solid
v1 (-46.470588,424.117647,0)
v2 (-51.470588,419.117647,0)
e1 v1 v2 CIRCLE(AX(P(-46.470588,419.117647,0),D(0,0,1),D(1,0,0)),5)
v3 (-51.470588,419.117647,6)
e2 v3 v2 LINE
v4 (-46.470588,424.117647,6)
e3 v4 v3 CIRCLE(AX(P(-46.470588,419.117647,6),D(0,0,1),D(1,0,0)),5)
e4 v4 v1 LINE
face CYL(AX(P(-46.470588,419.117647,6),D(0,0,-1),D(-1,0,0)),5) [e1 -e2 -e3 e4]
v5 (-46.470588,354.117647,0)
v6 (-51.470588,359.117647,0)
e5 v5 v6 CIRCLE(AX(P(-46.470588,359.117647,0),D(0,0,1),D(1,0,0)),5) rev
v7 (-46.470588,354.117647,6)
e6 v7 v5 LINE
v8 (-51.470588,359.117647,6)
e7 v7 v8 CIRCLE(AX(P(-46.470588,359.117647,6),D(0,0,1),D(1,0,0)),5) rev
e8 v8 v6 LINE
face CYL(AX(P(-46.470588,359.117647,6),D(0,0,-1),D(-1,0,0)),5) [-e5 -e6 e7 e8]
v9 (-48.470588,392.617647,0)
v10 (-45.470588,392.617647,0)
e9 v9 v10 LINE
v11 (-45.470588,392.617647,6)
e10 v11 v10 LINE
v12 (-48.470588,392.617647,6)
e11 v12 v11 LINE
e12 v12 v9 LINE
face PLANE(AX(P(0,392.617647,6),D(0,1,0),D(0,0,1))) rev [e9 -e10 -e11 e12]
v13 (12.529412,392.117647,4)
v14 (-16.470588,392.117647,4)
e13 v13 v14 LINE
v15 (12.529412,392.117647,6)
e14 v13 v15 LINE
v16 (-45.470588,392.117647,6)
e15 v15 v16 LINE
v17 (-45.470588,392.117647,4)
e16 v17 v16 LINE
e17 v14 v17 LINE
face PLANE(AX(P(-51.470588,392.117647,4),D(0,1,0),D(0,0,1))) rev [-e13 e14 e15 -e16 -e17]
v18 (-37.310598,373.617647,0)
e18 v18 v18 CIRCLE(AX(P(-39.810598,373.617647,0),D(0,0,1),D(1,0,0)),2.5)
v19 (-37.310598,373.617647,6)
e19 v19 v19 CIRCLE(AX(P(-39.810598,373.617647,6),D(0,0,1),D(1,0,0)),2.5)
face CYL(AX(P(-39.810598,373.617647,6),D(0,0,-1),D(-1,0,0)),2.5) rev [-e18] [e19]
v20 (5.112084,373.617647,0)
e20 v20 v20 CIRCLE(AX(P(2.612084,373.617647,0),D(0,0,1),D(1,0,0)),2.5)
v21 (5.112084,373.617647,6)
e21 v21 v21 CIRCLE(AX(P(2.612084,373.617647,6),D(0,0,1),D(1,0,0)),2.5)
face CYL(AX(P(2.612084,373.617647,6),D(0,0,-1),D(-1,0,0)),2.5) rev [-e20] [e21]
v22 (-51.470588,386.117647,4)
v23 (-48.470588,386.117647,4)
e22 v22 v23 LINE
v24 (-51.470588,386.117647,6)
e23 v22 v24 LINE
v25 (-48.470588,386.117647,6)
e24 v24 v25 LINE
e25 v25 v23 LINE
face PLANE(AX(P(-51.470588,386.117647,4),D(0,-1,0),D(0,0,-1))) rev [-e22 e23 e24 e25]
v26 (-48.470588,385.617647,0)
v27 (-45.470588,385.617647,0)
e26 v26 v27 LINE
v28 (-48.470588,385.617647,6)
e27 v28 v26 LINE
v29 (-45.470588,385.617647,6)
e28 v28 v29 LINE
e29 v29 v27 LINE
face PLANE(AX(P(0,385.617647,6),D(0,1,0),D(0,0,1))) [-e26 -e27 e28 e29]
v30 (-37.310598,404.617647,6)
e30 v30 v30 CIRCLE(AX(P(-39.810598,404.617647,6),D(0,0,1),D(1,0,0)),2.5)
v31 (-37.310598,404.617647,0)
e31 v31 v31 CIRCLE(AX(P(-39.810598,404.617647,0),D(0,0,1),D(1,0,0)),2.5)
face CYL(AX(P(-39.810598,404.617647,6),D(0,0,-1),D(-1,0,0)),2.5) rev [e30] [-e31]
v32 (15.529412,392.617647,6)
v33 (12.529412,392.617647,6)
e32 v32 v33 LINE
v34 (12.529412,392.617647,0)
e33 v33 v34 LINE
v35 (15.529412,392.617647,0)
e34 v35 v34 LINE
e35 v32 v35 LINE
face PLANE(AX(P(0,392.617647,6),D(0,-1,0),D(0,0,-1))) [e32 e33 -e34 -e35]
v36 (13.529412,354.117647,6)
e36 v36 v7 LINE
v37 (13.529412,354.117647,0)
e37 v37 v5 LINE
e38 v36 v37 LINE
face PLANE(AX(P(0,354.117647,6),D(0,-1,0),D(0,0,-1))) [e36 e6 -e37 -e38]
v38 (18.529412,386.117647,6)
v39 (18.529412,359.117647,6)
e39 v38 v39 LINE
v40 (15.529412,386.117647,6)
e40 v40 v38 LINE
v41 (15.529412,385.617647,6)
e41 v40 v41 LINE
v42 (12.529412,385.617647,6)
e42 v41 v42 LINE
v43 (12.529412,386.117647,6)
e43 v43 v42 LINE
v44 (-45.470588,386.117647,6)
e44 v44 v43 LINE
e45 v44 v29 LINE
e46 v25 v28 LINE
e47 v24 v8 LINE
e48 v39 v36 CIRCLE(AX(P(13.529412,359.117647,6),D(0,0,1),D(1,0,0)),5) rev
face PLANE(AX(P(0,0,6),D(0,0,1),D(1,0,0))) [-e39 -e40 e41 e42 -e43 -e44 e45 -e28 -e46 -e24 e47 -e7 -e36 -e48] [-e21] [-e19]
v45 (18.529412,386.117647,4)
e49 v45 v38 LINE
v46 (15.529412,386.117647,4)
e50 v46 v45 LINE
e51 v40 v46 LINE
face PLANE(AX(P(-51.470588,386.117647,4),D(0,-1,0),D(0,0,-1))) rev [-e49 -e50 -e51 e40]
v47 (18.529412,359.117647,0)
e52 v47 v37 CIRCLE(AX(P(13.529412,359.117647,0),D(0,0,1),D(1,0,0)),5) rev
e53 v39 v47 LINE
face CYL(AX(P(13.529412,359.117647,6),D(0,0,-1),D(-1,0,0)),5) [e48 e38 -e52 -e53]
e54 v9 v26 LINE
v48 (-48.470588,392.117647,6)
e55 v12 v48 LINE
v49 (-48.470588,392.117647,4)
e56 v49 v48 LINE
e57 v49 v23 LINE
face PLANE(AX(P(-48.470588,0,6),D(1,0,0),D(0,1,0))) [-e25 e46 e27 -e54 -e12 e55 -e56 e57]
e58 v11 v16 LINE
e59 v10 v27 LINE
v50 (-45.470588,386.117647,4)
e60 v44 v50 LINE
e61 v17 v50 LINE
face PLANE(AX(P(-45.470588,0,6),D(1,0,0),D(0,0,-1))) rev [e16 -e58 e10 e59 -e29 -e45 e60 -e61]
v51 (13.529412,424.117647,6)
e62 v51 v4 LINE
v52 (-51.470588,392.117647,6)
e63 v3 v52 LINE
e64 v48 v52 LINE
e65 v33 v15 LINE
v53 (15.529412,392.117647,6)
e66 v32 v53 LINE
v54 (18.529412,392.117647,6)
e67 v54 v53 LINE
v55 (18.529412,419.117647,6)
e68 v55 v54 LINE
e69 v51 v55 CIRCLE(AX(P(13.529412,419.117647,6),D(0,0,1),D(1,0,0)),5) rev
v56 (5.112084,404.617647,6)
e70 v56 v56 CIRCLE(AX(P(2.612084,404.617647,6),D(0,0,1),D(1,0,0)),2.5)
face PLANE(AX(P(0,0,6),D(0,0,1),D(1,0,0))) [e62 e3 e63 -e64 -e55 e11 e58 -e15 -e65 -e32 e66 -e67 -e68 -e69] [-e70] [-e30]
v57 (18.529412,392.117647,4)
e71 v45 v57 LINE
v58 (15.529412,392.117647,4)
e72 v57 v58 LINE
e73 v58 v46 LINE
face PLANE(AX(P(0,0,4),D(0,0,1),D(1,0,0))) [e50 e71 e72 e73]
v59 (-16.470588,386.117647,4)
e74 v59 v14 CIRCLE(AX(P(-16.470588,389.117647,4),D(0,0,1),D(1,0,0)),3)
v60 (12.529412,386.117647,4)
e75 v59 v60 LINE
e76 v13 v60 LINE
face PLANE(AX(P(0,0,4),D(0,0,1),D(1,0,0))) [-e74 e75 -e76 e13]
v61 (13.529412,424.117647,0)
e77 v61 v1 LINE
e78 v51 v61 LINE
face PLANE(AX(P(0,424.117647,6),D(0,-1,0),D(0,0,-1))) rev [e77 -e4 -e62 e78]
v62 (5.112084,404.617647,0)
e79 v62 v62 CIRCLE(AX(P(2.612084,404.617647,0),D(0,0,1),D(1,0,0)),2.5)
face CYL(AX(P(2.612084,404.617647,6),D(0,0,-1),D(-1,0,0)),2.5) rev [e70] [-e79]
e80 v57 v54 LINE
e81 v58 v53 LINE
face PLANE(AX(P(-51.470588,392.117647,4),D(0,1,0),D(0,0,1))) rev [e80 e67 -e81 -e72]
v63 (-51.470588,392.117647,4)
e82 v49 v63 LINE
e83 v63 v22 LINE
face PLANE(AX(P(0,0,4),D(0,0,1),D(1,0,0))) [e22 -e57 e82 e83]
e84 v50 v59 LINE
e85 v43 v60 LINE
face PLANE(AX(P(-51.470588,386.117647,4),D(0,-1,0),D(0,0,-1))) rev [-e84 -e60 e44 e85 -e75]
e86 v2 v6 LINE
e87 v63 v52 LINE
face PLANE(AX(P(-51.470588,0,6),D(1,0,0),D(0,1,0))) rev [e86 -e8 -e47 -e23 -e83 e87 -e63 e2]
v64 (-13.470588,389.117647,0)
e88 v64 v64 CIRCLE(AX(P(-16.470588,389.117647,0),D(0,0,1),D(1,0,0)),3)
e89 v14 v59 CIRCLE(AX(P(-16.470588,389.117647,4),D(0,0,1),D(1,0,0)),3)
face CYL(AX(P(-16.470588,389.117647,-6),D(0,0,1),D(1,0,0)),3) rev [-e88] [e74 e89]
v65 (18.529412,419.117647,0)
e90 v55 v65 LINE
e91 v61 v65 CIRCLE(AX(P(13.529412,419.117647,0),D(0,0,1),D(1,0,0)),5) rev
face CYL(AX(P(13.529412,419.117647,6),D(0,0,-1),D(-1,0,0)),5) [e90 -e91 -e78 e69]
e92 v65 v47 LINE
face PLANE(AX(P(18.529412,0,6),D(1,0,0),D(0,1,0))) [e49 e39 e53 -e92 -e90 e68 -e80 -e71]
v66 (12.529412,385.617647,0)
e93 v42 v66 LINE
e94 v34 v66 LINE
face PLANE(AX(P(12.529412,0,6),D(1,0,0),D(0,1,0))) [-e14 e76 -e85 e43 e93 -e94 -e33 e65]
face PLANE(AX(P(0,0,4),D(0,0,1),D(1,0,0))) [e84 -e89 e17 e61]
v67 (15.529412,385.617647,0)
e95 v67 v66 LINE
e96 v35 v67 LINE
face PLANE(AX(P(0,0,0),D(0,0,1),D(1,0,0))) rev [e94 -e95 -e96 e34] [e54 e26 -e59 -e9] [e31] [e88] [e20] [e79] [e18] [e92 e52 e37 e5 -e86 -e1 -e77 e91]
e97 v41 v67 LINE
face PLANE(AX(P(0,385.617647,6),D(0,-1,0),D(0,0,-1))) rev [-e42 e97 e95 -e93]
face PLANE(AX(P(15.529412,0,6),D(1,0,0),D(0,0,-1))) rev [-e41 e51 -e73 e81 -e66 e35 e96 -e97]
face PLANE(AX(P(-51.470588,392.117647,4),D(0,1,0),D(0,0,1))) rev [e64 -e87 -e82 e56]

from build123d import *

# Parameters (mm, degrees)
SKETCH1_W           = 3
SKETCH1_H           = 7
BOSS_EXTRUDE1_DEPTH = 6
SKETCH5_W           = 70
SKETCH5_H           = 6
CUT_EXTRUDE2_DEPTH  = 2
SKETCH6_R           = 3
CUT_EXTRUDE3_DEPTH  = 10


with BuildPart() as part:
    # Sketch1 → Boss-Extrude1 (new body)
    # profile 1 of 3: a face of its own
    with BuildSketch(Plane.XY):
        with BuildLine():
            ThreePointArc((0.112083698, 404.617647059), (2.612083698, 407.117647059), (5.112083698, 404.617647059))
            Line((5.112083698, 404.617647059), (18.529411765, 404.617647059))
            Line((18.529411765, 404.617647059), (18.529411765, 419.117647059))
            ThreePointArc((18.529411765, 419.117647059), (17.064945671, 422.653180965), (13.529411765, 424.117647059))
            Line((13.529411765, 424.117647059), (-46.470588235, 424.117647059))
            ThreePointArc((-46.470588235, 424.117647059), (-50.006122141, 422.653180965), (-51.470588235, 419.117647059))
            Line((-51.470588235, 419.117647059), (-51.470588235, 404.617647059))
            Line((-51.470588235, 404.617647059), (-42.310598324, 404.617647059))
            ThreePointArc((-42.310598324, 404.617647059), (-39.810598324, 407.117647059), (-37.310598324, 404.617647059))
            Line((-37.310598324, 404.617647059), (0.112083698, 404.617647059))
        make_face()
    # profile 2 of 3: a face of its own
    with BuildSketch(Plane.XY):
        with BuildLine():
            Line((18.529411765, 404.617647059), (5.112083698, 404.617647059))
            ThreePointArc((5.112083698, 404.617647059), (2.612083698, 402.117647059), (0.112083698, 404.617647059))
            Line((0.112083698, 404.617647059), (-37.310598324, 404.617647059))
            ThreePointArc((-37.310598324, 404.617647059), (-39.810598324, 402.117647059), (-42.310598324, 404.617647059))
            Line((-42.310598324, 404.617647059), (-51.470588235, 404.617647059))
            Line((-51.470588235, 404.617647059), (-51.470588235, 373.617647059))
            Line((-51.470588235, 373.617647059), (-42.310598324, 373.617647059))
            ThreePointArc((-42.310598324, 373.617647059), (-39.810598324, 376.117647059), (-37.310598324, 373.617647059))
            Line((-37.310598324, 373.617647059), (0.112083698, 373.617647059))
            ThreePointArc((0.112083698, 373.617647059), (2.612083698, 376.117647059), (5.112083698, 373.617647059))
            Line((5.112083698, 373.617647059), (18.529411765, 373.617647059))
            Line((18.529411765, 373.617647059), (18.529411765, 404.617647059))
        make_face()
        with Locations((-46.970588235, 389.117647059)):
            Rectangle(SKETCH1_W, SKETCH1_H, mode=Mode.SUBTRACT)
        with Locations((14.029411765, 389.117647059)):
            Rectangle(SKETCH1_W, SKETCH1_H, mode=Mode.SUBTRACT)
    # profile 3 of 3: a face of its own
    with BuildSketch(Plane.XY):
        with BuildLine():
            Line((18.529411765, 359.117647059), (18.529411765, 373.617647059))
            Line((18.529411765, 373.617647059), (5.112083698, 373.617647059))
            ThreePointArc((5.112083698, 373.617647059), (2.612083698, 371.117647059), (0.112083698, 373.617647059))
            Line((0.112083698, 373.617647059), (-37.310598324, 373.617647059))
            ThreePointArc((-37.310598324, 373.617647059), (-39.810598324, 371.117647059), (-42.310598324, 373.617647059))
            Line((-42.310598324, 373.617647059), (-51.470588235, 373.617647059))
            Line((-51.470588235, 373.617647059), (-51.470588235, 359.117647059))
            ThreePointArc((-51.470588235, 359.117647059), (-50.006122141, 355.582113153), (-46.470588235, 354.117647059))
            Line((-46.470588235, 354.117647059), (13.529411765, 354.117647059))
            ThreePointArc((13.529411765, 354.117647059), (17.064945671, 355.582113153), (18.529411765, 359.117647059))
        make_face()
    extrude(amount=BOSS_EXTRUDE1_DEPTH)

    # Sketch5 → Cut-Extrude2 (cut)
    with BuildSketch(Plane.XY.offset(6)):
        with Locations((-16.470588235, 389.117647059)):
            Rectangle(SKETCH5_W, SKETCH5_H)
    extrude(amount=-CUT_EXTRUDE2_DEPTH, mode=Mode.SUBTRACT)

    # Sketch6 → Cut-Extrude3 (cut)
    with BuildSketch(Plane.XY.offset(4)):
        with Locations((-16.470588235, 389.117647059)):
            Circle(SKETCH6_R)
    extrude(amount=-CUT_EXTRUDE3_DEPTH, mode=Mode.SUBTRACT)


solid = part.part
